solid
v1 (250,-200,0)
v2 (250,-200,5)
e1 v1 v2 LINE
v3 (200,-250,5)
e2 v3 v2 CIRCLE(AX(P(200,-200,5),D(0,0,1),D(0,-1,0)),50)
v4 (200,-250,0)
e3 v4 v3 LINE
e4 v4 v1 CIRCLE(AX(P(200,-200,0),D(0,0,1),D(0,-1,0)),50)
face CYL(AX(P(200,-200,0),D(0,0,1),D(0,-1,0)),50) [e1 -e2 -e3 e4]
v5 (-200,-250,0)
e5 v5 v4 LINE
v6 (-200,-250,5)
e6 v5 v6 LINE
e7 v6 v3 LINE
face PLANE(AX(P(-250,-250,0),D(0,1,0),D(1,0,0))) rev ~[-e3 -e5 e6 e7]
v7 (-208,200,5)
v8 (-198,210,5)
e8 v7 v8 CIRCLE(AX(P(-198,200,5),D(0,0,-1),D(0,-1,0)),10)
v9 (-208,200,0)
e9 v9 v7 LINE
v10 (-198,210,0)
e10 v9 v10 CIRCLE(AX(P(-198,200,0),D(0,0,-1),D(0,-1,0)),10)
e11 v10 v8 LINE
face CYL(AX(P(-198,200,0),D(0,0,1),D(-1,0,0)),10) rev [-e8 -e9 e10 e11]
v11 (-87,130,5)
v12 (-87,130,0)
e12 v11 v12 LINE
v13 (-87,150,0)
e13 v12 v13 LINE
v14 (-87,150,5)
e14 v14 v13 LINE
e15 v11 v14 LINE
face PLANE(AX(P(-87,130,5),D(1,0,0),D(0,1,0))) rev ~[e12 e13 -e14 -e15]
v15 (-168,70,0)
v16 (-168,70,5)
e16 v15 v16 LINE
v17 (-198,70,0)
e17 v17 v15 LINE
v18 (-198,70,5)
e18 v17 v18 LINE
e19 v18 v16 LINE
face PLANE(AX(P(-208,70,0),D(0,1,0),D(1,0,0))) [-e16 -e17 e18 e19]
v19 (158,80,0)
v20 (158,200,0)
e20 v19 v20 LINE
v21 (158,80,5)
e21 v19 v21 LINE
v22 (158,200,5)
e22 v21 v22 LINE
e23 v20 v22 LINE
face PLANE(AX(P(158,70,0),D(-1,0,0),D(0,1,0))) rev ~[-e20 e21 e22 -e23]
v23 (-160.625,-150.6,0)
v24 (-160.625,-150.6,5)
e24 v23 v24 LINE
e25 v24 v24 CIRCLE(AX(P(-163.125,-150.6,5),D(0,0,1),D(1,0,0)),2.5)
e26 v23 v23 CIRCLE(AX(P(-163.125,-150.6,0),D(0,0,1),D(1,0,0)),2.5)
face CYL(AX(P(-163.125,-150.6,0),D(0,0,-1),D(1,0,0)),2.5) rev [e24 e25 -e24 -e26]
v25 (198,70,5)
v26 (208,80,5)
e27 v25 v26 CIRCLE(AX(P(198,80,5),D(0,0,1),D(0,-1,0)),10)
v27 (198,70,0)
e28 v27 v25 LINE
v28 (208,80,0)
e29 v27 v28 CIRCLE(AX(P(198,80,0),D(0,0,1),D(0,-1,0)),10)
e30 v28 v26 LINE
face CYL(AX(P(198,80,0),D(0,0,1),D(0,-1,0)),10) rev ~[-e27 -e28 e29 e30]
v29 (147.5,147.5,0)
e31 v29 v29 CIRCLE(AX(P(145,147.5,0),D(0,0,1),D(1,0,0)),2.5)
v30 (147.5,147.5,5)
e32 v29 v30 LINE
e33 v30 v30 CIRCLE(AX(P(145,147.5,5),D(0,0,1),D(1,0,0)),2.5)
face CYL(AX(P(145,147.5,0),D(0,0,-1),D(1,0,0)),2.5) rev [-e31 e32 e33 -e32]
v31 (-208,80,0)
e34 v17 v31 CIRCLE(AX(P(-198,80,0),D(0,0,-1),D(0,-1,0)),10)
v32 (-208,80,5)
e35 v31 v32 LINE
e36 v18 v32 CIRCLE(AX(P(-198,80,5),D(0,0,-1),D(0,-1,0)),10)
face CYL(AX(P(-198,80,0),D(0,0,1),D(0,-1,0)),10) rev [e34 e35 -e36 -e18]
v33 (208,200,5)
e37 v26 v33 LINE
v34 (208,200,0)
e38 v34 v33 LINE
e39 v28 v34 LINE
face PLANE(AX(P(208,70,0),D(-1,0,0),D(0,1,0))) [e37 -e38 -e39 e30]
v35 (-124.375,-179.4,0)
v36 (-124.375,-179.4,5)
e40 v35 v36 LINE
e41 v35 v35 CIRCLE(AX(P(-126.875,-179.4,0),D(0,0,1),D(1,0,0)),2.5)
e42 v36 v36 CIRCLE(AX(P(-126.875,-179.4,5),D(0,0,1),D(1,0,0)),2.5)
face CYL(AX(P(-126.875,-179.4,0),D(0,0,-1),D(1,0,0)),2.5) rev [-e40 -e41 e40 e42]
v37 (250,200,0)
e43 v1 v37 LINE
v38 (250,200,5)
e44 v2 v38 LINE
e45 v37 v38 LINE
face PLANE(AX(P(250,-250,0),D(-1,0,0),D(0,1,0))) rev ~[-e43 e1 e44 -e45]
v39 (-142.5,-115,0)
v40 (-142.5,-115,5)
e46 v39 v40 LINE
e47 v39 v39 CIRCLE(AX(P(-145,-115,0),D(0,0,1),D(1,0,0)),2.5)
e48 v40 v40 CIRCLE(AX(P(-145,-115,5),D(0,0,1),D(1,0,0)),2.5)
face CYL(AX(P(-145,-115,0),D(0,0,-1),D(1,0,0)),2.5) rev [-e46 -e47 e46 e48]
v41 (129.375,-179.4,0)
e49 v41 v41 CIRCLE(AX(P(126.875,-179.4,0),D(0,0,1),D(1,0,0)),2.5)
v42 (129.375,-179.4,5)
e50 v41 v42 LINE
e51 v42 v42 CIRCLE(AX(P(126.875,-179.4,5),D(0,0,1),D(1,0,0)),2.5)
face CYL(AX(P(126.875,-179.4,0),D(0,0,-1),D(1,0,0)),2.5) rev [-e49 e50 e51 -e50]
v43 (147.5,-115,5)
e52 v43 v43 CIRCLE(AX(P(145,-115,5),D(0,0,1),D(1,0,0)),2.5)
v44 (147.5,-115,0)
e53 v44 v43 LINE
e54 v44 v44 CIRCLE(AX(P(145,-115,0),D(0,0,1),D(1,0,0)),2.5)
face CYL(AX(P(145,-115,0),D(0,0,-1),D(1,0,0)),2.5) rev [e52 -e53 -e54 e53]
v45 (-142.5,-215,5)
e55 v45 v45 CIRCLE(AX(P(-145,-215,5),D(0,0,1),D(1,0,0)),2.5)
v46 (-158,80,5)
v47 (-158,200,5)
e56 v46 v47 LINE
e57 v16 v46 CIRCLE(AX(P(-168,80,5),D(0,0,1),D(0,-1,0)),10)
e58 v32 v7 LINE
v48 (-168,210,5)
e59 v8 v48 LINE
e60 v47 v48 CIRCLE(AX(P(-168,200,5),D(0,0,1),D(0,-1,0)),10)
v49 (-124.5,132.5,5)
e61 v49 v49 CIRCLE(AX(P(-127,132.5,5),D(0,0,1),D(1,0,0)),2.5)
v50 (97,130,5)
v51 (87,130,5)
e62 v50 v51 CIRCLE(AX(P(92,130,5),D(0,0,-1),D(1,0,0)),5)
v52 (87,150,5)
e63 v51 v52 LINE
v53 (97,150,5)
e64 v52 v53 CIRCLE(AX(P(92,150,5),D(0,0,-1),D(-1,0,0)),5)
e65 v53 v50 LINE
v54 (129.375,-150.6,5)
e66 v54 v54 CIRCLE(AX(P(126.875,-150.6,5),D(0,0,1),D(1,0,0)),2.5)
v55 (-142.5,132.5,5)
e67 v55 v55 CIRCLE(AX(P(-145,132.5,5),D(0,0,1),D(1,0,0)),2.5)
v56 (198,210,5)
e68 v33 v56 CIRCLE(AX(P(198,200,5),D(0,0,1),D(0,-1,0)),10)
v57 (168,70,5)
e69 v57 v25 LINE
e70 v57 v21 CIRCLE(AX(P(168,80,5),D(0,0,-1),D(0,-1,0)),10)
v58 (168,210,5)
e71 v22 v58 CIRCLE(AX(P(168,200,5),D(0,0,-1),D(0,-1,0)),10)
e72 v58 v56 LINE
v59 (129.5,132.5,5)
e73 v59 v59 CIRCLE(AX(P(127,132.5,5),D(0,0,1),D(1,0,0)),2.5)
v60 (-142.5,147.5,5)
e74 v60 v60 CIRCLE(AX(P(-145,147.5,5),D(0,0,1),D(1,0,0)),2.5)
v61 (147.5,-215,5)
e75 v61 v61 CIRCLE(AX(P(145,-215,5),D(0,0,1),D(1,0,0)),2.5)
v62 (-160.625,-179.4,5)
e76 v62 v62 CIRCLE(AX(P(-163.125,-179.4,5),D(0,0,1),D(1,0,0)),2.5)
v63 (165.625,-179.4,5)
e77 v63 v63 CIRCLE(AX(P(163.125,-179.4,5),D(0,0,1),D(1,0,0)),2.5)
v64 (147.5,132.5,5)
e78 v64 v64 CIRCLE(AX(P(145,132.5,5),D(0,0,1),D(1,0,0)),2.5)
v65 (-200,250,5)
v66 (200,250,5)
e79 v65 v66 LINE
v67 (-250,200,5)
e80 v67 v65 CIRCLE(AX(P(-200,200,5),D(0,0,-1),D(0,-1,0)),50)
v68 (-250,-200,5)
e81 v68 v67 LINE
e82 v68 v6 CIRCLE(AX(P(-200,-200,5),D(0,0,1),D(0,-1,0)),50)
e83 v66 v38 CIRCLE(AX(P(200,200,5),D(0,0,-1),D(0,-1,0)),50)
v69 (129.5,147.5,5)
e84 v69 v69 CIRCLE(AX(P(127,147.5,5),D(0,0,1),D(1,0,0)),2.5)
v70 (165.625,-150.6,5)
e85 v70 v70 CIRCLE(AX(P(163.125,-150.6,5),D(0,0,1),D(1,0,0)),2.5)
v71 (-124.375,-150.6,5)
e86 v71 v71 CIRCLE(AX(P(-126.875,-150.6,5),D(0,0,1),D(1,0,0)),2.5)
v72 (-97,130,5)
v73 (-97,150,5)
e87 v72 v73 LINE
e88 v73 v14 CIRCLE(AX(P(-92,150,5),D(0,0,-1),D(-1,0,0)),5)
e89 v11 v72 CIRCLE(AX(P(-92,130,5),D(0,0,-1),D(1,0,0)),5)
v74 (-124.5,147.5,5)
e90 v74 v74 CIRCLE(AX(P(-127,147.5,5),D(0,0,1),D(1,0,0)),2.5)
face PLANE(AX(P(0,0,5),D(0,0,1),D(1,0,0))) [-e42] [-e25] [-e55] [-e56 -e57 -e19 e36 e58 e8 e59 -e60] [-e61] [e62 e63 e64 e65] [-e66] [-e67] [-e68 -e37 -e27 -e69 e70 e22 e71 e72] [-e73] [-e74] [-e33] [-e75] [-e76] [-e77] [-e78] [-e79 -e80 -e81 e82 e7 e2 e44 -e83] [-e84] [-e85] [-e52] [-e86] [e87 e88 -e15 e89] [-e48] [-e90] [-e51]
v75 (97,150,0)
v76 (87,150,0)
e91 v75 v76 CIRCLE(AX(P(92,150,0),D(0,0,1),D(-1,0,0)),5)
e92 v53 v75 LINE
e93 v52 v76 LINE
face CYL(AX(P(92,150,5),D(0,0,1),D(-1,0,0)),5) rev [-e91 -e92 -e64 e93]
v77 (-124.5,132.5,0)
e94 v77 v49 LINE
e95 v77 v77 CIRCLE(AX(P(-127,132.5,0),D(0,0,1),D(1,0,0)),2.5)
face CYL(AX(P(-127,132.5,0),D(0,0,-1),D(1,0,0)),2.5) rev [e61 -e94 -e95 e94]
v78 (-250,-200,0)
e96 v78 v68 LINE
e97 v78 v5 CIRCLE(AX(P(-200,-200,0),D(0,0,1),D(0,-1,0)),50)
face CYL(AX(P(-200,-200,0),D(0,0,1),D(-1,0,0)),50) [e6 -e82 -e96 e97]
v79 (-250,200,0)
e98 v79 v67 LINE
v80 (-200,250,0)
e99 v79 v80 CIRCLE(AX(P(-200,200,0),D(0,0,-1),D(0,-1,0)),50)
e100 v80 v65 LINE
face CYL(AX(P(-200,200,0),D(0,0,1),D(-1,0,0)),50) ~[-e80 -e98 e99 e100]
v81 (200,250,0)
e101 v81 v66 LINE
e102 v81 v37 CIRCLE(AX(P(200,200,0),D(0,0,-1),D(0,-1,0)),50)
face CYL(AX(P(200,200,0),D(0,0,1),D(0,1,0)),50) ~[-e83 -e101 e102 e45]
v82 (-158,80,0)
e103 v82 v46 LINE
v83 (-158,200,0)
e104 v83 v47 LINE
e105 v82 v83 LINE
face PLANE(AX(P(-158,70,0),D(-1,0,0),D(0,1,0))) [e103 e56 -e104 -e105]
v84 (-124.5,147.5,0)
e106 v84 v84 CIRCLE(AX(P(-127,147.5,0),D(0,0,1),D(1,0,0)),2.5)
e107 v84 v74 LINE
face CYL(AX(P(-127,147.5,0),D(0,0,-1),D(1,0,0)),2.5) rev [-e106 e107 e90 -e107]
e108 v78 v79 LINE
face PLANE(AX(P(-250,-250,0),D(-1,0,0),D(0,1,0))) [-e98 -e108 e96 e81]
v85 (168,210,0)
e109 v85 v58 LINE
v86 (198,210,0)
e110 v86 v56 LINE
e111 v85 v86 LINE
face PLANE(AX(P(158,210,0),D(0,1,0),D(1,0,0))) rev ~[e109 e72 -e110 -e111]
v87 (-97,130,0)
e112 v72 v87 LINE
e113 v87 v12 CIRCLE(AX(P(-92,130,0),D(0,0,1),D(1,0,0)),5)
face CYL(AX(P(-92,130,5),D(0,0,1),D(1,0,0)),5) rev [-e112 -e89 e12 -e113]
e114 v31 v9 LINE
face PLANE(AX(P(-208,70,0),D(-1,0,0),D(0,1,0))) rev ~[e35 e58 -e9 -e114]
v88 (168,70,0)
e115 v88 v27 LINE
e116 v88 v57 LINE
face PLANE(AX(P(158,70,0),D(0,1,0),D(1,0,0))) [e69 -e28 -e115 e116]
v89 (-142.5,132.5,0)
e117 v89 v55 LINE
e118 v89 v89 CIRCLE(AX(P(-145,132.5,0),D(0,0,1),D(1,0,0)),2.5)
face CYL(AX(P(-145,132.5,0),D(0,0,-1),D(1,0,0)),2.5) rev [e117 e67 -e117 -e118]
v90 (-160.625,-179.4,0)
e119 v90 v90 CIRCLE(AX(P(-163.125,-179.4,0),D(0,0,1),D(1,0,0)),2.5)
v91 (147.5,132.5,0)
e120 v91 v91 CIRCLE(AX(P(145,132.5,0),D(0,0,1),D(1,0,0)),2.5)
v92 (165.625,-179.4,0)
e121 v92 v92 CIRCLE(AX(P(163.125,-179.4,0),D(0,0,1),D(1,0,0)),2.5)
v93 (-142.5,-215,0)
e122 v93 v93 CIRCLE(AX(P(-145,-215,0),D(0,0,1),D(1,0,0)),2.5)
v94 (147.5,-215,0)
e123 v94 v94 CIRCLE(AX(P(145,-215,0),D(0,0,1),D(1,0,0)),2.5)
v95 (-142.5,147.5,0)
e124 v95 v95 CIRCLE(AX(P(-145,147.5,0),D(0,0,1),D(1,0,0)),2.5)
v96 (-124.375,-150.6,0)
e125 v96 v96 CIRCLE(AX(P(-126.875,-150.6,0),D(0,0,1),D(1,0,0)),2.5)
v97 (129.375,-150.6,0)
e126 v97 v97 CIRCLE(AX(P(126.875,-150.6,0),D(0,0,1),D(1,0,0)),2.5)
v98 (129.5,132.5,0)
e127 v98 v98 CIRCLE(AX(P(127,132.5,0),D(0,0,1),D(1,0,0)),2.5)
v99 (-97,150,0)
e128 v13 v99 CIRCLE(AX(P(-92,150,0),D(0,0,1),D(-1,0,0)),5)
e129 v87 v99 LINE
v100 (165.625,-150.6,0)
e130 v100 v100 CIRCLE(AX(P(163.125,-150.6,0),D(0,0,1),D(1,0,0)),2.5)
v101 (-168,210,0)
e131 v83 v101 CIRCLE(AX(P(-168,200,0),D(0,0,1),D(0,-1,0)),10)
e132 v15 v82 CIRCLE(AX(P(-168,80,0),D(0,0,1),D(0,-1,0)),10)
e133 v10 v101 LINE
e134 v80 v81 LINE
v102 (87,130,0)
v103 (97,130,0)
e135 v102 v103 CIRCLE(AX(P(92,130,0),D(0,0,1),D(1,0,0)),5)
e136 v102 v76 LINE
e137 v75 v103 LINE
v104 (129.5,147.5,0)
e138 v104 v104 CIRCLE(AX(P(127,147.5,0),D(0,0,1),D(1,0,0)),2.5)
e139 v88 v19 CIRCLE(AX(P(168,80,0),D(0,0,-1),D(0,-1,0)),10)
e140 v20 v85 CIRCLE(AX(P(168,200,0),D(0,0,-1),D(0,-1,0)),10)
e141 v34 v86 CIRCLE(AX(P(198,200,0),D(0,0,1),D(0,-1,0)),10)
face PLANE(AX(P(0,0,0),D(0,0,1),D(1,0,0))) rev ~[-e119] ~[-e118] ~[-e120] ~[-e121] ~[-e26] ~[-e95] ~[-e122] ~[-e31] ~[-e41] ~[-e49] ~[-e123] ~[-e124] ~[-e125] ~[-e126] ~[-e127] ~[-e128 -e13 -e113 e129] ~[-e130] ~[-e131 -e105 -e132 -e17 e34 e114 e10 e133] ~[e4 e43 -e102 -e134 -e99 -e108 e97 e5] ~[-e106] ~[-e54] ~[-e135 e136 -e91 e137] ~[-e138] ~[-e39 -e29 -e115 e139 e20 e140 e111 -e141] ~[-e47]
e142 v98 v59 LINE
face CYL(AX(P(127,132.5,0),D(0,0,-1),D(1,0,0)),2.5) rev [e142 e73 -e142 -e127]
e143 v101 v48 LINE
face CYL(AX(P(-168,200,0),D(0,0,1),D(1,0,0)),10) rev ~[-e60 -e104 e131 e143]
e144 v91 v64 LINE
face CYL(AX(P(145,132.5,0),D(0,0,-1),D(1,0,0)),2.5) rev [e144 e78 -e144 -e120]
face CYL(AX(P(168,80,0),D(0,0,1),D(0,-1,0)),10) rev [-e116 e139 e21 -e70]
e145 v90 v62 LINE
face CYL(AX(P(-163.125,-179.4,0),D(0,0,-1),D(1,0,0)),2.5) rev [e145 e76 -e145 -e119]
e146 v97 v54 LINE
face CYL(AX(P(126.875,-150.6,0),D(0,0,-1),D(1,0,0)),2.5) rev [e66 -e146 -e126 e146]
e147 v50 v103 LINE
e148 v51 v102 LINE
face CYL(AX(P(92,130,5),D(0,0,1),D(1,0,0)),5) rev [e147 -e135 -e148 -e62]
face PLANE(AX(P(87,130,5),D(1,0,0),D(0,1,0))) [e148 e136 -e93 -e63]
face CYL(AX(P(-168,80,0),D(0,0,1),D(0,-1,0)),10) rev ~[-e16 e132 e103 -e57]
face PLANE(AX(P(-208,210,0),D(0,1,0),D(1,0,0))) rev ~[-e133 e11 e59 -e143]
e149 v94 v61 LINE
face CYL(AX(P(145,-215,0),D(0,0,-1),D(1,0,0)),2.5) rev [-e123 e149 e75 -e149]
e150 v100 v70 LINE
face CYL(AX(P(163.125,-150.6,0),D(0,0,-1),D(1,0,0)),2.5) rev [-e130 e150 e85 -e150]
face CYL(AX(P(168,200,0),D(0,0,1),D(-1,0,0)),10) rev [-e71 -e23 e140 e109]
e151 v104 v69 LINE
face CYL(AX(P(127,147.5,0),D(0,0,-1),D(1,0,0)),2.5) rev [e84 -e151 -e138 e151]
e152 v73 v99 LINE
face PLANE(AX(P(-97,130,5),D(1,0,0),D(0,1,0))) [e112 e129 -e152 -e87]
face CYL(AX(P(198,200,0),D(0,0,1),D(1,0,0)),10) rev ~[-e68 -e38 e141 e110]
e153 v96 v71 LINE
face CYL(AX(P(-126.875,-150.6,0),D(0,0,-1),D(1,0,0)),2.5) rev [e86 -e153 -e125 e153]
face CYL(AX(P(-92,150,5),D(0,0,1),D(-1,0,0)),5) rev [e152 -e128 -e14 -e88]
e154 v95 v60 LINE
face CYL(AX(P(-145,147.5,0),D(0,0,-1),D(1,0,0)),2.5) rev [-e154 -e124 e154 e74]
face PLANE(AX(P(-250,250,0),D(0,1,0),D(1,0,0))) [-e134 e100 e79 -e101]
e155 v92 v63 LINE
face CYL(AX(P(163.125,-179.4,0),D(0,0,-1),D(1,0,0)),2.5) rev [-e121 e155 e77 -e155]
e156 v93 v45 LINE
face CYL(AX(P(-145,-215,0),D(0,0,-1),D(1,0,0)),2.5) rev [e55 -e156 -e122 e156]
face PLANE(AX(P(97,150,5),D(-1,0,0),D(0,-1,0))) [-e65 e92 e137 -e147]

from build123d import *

# Parameters (mm, degrees)
SKETCH1_W           = 500
SKETCH1_H           = 500
SKETCH1_R           = 2.5
SKETCH1_W_2         = 50
SKETCH1_H_2         = 140
BOSS_EXTRUDE1_DEPTH = 5
CUT_EXTRUDE1_START  = -5
SKETCH2_R           = 2.5
CUT_EXTRUDE1_DEPTH  = 5
FILLET1_R           = 10
FILLET2_R           = 50
SKETCH3_W           = 10
SKETCH3_H           = 20
CUT_EXTRUDE2_DEPTH  = 354.588744165


with BuildPart() as part:
    # Sketch1 → Boss-Extrude1 (new body)
    with BuildSketch(Plane.XY):
        Rectangle(SKETCH1_W, SKETCH1_H)
        with Locations((127, 147.5)):
            Circle(SKETCH1_R, mode=Mode.SUBTRACT)
        with Locations((127, 132.5)):
            Circle(SKETCH1_R, mode=Mode.SUBTRACT)
        with Locations((145, 132.5)):
            Circle(SKETCH1_R, mode=Mode.SUBTRACT)
        with Locations((145, 147.5)):
            Circle(SKETCH1_R, mode=Mode.SUBTRACT)
        with Locations((-145, 147.5)):
            Circle(SKETCH1_R, mode=Mode.SUBTRACT)
        with Locations((-145, 132.5)):
            Circle(SKETCH1_R, mode=Mode.SUBTRACT)
        with Locations((-127, 132.5)):
            Circle(SKETCH1_R, mode=Mode.SUBTRACT)
        with Locations((-127, 147.5)):
            Circle(SKETCH1_R, mode=Mode.SUBTRACT)
        with Locations((183, 140)):
            Rectangle(SKETCH1_W_2, SKETCH1_H_2, mode=Mode.SUBTRACT)
        with Locations((-183, 140)):
            Rectangle(SKETCH1_W_2, SKETCH1_H_2, mode=Mode.SUBTRACT)
    extrude(amount=BOSS_EXTRUDE1_DEPTH)

    # Sketch2 → Cut-Extrude1 (cut)
    with BuildSketch(Plane.XY.offset(5).offset(CUT_EXTRUDE1_START)):
        with Locations((-145, 132.5)):
            Circle(SKETCH2_R)
        with Locations((-163.125, -150.6)):
            Circle(SKETCH2_R)
        with Locations((-126.875, -150.6)):
            Circle(SKETCH2_R)
        with Locations((-126.875, -179.4)):
            Circle(SKETCH2_R)
        with Locations((-163.125, -179.4)):
            Circle(SKETCH2_R)
        with Locations((-145, -115)):
            Circle(SKETCH2_R)
        with Locations((-145, -215)):
            Circle(SKETCH2_R)
        with Locations((145, -215)):
            Circle(SKETCH2_R)
        with Locations((145, -115)):
            Circle(SKETCH2_R)
        with Locations((163.125, -179.4)):
            Circle(SKETCH2_R)
        with Locations((126.875, -179.4)):
            Circle(SKETCH2_R)
        with Locations((126.875, -150.6)):
            Circle(SKETCH2_R)
        with Locations((163.125, -150.6)):
            Circle(SKETCH2_R)
    extrude(amount=CUT_EXTRUDE1_DEPTH, mode=Mode.SUBTRACT)

    # Fillet1
    fillet1_edges = [part.edges().sort_by_distance(p)[0] for p in [
        (-208, 70, 2.5),
        (-158, 70, 2.5),
        (-158, 210, 2.5),
        (-208, 210, 2.5),
        (158, 70, 2.5),
        (208, 70, 2.5),
        (208, 210, 2.5),
        (158, 210, 2.5),
    ]]
    fillet(fillet1_edges, radius=FILLET1_R)

    # Fillet2
    fillet2_edges = [part.edges().sort_by_distance(p)[0] for p in [
        (250, -250, 2.5),
        (-250, -250, 2.5),
        (-250, 250, 2.5),
        (250, 250, 2.5),
    ]]
    fillet(fillet2_edges, radius=FILLET2_R)

    # Sketch3 → Cut-Extrude2 (cut, through all)
    with BuildSketch(Plane.XY.offset(5)):
        with Locations((-92, 140)):
            Rectangle(SKETCH3_W, SKETCH3_H)
        with BuildLine():
            ThreePointArc((-97, 150), (-92, 155), (-87, 150))
            Line((-87, 150), (-97, 150))
        make_face()
        with BuildLine():
            Line((-97, 130), (-87, 130))
            ThreePointArc((-87, 130), (-92, 125), (-97, 130))
        make_face()
        with BuildLine():
            ThreePointArc((97, 130), (92, 125), (87, 130))
            Line((87, 130), (87, 150))
            ThreePointArc((87, 150), (92, 155), (97, 150))
            Line((97, 150), (97, 130))
        make_face()
    extrude(amount=-CUT_EXTRUDE2_DEPTH, mode=Mode.SUBTRACT)


solid = part.part
